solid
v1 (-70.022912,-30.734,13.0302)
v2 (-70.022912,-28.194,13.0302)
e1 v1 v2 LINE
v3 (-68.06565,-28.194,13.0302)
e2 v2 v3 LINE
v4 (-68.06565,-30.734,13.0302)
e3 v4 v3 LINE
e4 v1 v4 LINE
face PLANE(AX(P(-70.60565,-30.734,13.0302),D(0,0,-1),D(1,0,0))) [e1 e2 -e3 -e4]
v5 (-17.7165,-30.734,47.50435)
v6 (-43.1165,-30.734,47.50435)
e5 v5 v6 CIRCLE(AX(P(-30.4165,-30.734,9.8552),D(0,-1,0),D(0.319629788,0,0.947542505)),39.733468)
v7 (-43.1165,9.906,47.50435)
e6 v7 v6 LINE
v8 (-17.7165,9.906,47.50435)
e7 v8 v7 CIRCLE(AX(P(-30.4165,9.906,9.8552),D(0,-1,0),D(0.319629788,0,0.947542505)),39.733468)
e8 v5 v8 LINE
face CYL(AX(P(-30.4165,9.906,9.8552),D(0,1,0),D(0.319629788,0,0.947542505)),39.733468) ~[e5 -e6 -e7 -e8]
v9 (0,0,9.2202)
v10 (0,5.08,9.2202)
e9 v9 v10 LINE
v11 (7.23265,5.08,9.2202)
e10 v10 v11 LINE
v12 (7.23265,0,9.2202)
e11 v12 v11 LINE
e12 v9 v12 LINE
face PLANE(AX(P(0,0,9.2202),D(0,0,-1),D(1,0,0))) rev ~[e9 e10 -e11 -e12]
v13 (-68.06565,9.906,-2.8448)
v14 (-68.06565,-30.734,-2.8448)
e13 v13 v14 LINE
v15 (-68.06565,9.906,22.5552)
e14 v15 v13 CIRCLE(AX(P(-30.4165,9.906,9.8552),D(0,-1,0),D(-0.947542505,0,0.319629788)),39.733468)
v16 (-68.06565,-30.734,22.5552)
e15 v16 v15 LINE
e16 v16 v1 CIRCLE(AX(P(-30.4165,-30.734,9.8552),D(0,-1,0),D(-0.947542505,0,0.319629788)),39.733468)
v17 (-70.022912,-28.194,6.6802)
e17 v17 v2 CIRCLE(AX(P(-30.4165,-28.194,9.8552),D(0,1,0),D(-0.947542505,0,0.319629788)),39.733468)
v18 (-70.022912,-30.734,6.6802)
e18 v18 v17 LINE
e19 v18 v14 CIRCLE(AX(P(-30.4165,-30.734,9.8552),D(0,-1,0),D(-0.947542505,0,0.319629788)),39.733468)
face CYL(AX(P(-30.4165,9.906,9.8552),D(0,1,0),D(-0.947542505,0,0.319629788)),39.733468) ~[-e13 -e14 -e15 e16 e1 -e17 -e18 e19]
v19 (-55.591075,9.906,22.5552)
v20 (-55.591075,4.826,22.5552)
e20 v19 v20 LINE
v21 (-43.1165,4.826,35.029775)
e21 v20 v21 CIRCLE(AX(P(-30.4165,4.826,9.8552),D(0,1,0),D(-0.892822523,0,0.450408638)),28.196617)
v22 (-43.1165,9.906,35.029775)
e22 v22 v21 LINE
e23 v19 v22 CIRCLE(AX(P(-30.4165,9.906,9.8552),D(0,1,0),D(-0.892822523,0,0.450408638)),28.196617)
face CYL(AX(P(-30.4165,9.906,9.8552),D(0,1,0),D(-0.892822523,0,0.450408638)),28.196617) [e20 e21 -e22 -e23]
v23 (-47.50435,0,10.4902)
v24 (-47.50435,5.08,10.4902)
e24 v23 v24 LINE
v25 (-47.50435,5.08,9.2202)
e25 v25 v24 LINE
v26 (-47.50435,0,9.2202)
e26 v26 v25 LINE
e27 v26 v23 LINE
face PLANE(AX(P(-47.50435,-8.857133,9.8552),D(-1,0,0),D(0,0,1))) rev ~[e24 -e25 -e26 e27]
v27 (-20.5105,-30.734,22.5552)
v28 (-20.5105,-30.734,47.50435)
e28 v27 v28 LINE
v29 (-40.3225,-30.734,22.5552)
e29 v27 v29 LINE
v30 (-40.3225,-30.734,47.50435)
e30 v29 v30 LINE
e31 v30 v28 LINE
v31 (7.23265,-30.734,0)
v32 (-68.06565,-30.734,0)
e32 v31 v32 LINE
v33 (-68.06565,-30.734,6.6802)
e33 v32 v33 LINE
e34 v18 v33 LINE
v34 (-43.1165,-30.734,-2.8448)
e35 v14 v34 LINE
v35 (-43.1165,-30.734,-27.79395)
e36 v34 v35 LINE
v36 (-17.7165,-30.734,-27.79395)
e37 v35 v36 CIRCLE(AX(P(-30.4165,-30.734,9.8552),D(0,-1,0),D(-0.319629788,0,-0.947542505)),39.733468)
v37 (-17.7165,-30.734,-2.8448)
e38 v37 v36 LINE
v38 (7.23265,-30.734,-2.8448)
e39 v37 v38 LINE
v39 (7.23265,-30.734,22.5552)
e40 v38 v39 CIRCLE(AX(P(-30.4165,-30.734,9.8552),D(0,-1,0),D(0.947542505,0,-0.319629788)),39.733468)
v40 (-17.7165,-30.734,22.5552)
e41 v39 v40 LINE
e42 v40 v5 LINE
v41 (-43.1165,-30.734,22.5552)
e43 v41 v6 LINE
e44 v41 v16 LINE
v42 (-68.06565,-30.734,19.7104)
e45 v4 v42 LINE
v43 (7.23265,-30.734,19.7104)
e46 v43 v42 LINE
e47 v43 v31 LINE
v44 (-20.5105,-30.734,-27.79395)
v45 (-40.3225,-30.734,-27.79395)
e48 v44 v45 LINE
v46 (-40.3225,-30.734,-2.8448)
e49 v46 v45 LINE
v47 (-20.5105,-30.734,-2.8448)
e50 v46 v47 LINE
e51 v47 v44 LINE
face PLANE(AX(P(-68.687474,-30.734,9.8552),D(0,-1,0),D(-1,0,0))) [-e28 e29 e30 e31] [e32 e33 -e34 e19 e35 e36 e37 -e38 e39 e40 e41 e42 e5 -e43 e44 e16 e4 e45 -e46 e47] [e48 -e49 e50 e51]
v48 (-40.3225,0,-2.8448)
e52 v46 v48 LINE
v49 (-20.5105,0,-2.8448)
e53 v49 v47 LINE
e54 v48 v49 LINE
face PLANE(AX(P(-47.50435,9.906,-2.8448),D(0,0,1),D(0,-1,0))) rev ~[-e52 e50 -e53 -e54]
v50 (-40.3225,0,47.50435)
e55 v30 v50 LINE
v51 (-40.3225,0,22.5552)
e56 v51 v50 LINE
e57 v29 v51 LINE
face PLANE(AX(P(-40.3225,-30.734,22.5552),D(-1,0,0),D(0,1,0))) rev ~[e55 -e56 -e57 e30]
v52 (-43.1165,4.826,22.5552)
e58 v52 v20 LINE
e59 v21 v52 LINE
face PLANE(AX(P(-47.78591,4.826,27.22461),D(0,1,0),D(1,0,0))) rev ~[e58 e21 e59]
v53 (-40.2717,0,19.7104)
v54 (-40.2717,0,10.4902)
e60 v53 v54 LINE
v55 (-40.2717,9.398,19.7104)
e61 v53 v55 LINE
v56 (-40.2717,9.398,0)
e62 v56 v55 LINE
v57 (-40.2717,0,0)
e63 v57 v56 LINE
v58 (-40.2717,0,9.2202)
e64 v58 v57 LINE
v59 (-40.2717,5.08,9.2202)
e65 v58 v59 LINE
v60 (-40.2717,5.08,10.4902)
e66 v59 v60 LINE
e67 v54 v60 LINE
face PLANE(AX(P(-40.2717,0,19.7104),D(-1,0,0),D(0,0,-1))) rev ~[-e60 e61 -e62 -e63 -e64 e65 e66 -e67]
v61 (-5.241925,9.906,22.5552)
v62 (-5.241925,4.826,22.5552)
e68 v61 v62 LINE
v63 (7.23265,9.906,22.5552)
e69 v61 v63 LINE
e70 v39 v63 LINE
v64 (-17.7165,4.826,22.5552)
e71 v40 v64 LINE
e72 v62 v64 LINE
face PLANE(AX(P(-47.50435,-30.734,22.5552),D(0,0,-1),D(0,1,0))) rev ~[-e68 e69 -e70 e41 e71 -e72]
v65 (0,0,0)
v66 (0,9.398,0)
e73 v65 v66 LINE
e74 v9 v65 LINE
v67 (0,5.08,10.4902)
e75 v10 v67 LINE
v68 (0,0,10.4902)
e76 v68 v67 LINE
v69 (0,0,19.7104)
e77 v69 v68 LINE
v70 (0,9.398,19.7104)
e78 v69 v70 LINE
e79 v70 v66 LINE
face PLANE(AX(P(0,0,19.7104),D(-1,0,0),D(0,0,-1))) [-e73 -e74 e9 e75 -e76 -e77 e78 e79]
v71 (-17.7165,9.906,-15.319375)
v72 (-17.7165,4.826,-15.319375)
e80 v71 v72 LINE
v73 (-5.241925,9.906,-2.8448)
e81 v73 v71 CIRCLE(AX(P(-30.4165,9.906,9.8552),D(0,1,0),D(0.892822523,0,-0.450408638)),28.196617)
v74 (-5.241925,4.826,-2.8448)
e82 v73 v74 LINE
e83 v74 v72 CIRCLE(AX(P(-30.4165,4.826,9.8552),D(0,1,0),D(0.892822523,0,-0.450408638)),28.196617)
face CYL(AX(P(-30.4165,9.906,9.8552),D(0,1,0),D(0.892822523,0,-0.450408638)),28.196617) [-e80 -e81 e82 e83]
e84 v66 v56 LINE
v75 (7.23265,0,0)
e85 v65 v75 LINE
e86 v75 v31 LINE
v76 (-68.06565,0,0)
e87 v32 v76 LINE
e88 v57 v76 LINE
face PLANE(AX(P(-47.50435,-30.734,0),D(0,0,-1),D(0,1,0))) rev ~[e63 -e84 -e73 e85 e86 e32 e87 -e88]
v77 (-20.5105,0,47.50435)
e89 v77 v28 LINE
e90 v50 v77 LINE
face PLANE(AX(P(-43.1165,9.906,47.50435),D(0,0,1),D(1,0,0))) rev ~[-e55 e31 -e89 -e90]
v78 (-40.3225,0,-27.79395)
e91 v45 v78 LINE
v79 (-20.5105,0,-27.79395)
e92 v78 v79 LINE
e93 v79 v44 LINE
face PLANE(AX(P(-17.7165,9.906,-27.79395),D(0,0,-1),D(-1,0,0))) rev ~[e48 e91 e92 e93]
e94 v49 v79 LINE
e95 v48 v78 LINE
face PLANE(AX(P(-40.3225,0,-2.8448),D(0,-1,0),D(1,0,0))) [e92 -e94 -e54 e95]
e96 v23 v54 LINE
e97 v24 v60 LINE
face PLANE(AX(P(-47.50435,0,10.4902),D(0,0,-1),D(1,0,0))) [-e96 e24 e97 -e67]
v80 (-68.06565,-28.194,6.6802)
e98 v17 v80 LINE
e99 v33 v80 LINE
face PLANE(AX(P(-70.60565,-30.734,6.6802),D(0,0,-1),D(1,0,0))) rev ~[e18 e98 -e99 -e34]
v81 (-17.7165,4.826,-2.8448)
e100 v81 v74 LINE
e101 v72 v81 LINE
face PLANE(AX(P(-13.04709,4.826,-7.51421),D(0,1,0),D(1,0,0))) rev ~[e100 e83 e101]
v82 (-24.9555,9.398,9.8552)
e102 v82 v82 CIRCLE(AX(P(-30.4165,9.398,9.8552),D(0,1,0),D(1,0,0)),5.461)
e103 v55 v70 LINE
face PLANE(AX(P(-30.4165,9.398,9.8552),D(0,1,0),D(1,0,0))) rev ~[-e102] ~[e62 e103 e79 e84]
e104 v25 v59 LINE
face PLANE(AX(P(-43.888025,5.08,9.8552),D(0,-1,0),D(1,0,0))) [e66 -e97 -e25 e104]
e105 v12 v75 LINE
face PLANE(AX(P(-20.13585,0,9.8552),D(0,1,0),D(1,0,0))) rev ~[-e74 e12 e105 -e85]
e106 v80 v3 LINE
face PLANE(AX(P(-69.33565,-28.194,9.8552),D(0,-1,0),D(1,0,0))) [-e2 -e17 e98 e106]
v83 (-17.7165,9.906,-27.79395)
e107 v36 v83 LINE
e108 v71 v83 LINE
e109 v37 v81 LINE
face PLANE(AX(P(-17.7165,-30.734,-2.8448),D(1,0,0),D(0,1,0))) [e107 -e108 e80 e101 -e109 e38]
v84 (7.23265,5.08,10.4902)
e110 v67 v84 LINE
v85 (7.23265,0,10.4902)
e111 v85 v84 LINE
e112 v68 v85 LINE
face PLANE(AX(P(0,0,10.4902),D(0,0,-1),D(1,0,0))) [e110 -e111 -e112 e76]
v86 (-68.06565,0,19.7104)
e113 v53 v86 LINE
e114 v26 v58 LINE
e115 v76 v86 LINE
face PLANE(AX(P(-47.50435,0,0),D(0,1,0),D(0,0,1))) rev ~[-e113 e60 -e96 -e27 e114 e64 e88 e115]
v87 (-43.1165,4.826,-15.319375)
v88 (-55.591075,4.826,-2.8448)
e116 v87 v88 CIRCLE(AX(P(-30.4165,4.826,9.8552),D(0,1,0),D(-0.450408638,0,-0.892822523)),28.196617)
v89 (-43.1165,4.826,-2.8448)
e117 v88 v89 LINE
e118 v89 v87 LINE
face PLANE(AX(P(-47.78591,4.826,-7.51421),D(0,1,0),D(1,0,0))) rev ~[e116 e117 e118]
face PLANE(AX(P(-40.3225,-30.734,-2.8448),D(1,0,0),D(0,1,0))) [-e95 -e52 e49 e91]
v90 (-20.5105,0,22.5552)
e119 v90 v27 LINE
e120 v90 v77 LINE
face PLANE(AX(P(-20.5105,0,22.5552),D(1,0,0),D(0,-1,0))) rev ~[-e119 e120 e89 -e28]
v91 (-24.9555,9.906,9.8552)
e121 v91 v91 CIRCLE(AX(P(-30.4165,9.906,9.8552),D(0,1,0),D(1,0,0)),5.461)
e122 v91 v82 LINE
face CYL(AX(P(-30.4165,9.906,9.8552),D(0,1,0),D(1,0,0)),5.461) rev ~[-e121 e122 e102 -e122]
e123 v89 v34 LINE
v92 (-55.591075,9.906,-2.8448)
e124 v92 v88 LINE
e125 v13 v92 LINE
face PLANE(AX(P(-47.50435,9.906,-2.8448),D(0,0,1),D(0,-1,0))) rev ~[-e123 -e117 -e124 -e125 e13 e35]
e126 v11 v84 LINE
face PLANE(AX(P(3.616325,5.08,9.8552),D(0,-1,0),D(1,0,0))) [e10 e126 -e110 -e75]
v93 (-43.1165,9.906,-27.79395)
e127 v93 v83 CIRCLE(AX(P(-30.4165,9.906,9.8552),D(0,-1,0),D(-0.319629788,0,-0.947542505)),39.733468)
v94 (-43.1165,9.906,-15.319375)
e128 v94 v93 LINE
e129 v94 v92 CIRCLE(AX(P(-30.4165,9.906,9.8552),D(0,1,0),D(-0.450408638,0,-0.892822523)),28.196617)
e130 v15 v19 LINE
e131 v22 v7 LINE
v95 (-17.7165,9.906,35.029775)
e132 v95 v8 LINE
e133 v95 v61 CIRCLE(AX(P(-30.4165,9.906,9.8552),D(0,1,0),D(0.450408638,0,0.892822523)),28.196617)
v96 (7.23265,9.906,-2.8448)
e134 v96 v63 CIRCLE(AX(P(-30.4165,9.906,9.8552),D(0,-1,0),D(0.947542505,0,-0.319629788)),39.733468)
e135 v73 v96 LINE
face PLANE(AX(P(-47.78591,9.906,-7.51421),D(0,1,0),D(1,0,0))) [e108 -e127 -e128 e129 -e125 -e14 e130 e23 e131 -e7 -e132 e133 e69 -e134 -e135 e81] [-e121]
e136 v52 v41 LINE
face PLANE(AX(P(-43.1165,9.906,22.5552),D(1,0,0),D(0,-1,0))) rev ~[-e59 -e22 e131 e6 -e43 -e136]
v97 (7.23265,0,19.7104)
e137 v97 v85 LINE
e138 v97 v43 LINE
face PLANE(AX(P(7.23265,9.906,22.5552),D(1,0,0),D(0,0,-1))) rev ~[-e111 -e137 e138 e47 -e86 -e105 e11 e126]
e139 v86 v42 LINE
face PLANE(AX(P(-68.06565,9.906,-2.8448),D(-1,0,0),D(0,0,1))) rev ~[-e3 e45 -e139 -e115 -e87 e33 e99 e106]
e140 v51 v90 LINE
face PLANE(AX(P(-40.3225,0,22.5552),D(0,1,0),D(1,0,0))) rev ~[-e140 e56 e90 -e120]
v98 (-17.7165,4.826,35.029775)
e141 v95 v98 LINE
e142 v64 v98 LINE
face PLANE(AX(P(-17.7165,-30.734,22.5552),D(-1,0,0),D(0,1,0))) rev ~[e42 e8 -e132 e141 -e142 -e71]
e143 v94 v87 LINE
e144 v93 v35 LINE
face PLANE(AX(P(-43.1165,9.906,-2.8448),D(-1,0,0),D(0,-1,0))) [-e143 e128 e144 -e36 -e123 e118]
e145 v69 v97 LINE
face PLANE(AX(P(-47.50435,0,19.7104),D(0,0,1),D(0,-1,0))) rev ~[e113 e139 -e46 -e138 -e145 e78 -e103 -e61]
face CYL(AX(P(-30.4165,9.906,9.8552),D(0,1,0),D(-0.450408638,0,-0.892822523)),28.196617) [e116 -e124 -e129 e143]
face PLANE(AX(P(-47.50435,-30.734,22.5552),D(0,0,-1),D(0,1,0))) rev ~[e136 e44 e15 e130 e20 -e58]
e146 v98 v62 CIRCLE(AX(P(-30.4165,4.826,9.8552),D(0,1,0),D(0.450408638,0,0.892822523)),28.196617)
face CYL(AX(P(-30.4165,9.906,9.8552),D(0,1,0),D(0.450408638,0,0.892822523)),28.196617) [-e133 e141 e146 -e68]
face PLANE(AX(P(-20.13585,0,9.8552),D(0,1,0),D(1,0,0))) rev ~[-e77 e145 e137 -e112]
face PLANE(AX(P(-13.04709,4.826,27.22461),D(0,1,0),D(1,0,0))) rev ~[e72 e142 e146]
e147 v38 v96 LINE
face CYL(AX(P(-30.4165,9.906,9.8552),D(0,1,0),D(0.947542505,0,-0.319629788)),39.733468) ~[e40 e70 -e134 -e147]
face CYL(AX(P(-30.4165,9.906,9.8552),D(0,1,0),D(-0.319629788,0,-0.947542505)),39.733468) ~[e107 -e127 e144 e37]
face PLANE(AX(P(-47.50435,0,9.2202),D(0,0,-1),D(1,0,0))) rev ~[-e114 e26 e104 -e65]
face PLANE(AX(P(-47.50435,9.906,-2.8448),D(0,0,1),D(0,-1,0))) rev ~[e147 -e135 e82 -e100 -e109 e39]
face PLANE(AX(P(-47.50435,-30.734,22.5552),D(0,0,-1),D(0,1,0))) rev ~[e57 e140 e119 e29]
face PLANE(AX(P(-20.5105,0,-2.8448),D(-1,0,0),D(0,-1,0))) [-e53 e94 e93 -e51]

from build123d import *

# Parameters (mm, degrees)
SKETCH1_W           = 54.737
SKETCH1_H           = 25.4
SKETCH1_W_2         = 40.2717
SKETCH1_H_2         = 19.7104
BOSS_EXTRUDE2_DEPTH = 9.906
SKETCH3_R           = 9.8552
SKETCH3_R_2         = 5.461
BOSS_EXTRUDE3_DEPTH = 0.508
SKETCH9_W           = 7.23265
SKETCH9_H           = 1.27
CUT_EXTRUDE2_DEPTH  = 5.08
SKETCH12_W          = 54.737
SKETCH12_H          = 2.8448
BOSS_EXTRUDE4_DEPTH = 30.734
BOSS_EXTRUDE5_DEPTH = 20.5613
BOSS_EXTRUDE6_DEPTH = 24.94915
BOSS_EXTRUDE7_DEPTH = 24.94915
BOSS_EXTRUDE8_DEPTH = 40.64
BOSS_EXTRUDE9_DEPTH = 5.08
SKETCH25_W          = 2.54
SKETCH25_H          = 6.35
CUT_EXTRUDE3_DEPTH  = 2.54


with BuildPart() as part:
    # Sketch1 → Boss-Extrude2 (new body)
    with BuildSketch(Plane(origin=(0, 0, 0), x_dir=(1, 0, 0), z_dir=(0, 1, 0))):
        with Locations((-20.13585, -9.8552)):
            Rectangle(SKETCH1_W, SKETCH1_H)
        with Locations((-20.13585, -9.8552)):
            Rectangle(SKETCH1_W_2, SKETCH1_H_2, mode=Mode.SUBTRACT)
    extrude(amount=BOSS_EXTRUDE2_DEPTH)

    # Sketch3 → Boss-Extrude3 (add)
    with BuildSketch(Plane(origin=(0, 9.906, 0), x_dir=(1, 0, 0), z_dir=(0, 1, 0))):
        with Locations((-30.4165, -9.8552)):
            Circle(SKETCH3_R)
        with Locations((-30.4165, -9.8552)):
            Circle(SKETCH3_R_2, mode=Mode.SUBTRACT)
        with BuildLine():
            ThreePointArc((-30.4165, -19.7104), (-37.38517875, -16.82387875), (-40.2717, -9.8552))
            Line((-40.2717, -9.8552), (-40.2717, -19.7104))
            Line((-40.2717, -19.7104), (-30.4165, -19.7104))
        make_face()
        with BuildLine():
            Line((0, 0), (-30.4165, 0))
            ThreePointArc((-30.4165, 0), (-23.44782125, -2.88652125), (-20.5613, -9.8552))
            ThreePointArc((-20.5613, -9.8552), (-23.44782125, -16.82387875), (-30.4165, -19.7104))
            Line((-30.4165, -19.7104), (0, -19.7104))
            Line((0, -19.7104), (0, 0))
        make_face()
        with BuildLine():
            Line((-30.4165, 0), (-40.2717, 0))
            Line((-40.2717, 0), (-40.2717, -9.8552))
            ThreePointArc((-40.2717, -9.8552), (-37.38517875, -2.88652125), (-30.4165, 0))
        make_face()
    extrude(amount=-BOSS_EXTRUDE3_DEPTH)

    # Sketch9 → Cut-Extrude2 (cut)
    with BuildSketch(Plane.XZ):
        with Locations((-43.888025, 9.8552)):
            Rectangle(SKETCH9_W, SKETCH9_H)
        with Locations((3.616325, 9.8552)):
            Rectangle(SKETCH9_W, SKETCH9_H)
    extrude(amount=-CUT_EXTRUDE2_DEPTH, mode=Mode.SUBTRACT)

    # Sketch12 → Boss-Extrude4 (add)
    with BuildSketch(Plane.XZ):
        with Locations((-20.13585, 21.1328)):
            Rectangle(SKETCH12_W, SKETCH12_H)
        with Locations((-20.13585, -1.4224)):
            Rectangle(SKETCH12_W, SKETCH12_H)
    extrude(amount=BOSS_EXTRUDE4_DEPTH)

    # Sketch19 → Boss-Extrude5 (add)
    with BuildSketch(Plane.ZY.offset(47.50435)):
        Polygon((-2.8448, -30.734), (0, -30.734), (0, 0), (19.7104, 0), (19.7104, -30.734), (22.5552, -30.734), (22.5552, 9.906), (-2.8448, 9.906), align=None)
    extrude(amount=BOSS_EXTRUDE5_DEPTH)

    # Sketch20 → Boss-Extrude6 (add)
    with BuildSketch(Plane(origin=(0, 0, -2.8448), x_dir=(-1, 0, 0), z_dir=(0, 0, -1))):
        Polygon((17.7165, 9.906), (43.1165, 9.906), (43.1165, -30.734), (40.3225, -30.734), (40.3225, 0), (20.5105, 0), (20.5105, -30.734), (17.7165, -30.734), align=None)
    extrude(amount=BOSS_EXTRUDE6_DEPTH)

    # Sketch21 → Boss-Extrude7 (add)
    with BuildSketch(Plane.XY.offset(22.5552)):
        Polygon((-43.1165, 9.906), (-43.1165, -30.734), (-40.3225, -30.734), (-40.3225, 0), (-20.5105, 0), (-20.5105, -30.734), (-17.7165, -30.734), (-17.7165, 9.906), align=None)
    extrude(amount=BOSS_EXTRUDE7_DEPTH)

    # Sketch23 → Boss-Extrude8 (add)
    with BuildSketch(Plane(origin=(0, 9.906, 0), x_dir=(1, 0, 0), z_dir=(0, 1, 0))):
        with BuildLine():
            Line((-68.06565, 2.8448), (-68.06565, -22.5552))
            ThreePointArc((-68.06565, -22.5552), (-70.149968207, -9.8552), (-68.06565, 2.8448))
        make_face()
        with BuildLine():
            Line((-43.1165, -47.50435), (-17.7165, -47.50435))
            ThreePointArc((-17.7165, -47.50435), (-30.4165, -49.588668207), (-43.1165, -47.50435))
        make_face()
        with BuildLine():
            Line((7.23265, -22.5552), (7.23265, 2.8448))
            ThreePointArc((7.23265, 2.8448), (9.316968207, -9.8552), (7.23265, -22.5552))
        make_face()
        with BuildLine():
            Line((-17.7165, 27.79395), (-43.1165, 27.79395))
            ThreePointArc((-43.1165, 27.79395), (-30.4165, 29.878268207), (-17.7165, 27.79395))
        make_face()
    extrude(amount=-BOSS_EXTRUDE8_DEPTH)

    # Sketch24 → Boss-Extrude9 (add)
    with BuildSketch(Plane(origin=(0, 9.906, 0), x_dir=(1, 0, 0), z_dir=(0, 1, 0))):
        with BuildLine():
            ThreePointArc((-43.1165, 15.319375), (-50.35451929, 10.08281929), (-55.591075, 2.8448))
            Line((-55.591075, 2.8448), (-43.1165, 2.8448))
            Line((-43.1165, 2.8448), (-43.1165, 15.319375))
        make_face()
        with BuildLine():
            ThreePointArc((-55.591075, -22.5552), (-50.35451929, -29.79321929), (-43.1165, -35.029775))
            Line((-43.1165, -35.029775), (-43.1165, -22.5552))
            Line((-43.1165, -22.5552), (-55.591075, -22.5552))
        make_face()
        with BuildLine():
            ThreePointArc((-17.7165, -35.029775), (-10.47848071, -29.79321929), (-5.241925, -22.5552))
            Line((-5.241925, -22.5552), (-17.7165, -22.5552))
            Line((-17.7165, -22.5552), (-17.7165, -35.029775))
        make_face()
        with BuildLine():
            ThreePointArc((-5.241925, 2.8448), (-10.47848071, 10.08281929), (-17.7165, 15.319375))
            Line((-17.7165, 15.319375), (-17.7165, 2.8448))
            Line((-17.7165, 2.8448), (-5.241925, 2.8448))
        make_face()
    extrude(amount=-BOSS_EXTRUDE9_DEPTH)

    # Sketch25 → Cut-Extrude3 (cut)
    with BuildSketch(Plane.XZ.offset(30.734)):
        with Locations((-69.33565, 9.8552)):
            Rectangle(SKETCH25_W, SKETCH25_H)
    extrude(amount=-CUT_EXTRUDE3_DEPTH, mode=Mode.SUBTRACT)


solid = part.part
